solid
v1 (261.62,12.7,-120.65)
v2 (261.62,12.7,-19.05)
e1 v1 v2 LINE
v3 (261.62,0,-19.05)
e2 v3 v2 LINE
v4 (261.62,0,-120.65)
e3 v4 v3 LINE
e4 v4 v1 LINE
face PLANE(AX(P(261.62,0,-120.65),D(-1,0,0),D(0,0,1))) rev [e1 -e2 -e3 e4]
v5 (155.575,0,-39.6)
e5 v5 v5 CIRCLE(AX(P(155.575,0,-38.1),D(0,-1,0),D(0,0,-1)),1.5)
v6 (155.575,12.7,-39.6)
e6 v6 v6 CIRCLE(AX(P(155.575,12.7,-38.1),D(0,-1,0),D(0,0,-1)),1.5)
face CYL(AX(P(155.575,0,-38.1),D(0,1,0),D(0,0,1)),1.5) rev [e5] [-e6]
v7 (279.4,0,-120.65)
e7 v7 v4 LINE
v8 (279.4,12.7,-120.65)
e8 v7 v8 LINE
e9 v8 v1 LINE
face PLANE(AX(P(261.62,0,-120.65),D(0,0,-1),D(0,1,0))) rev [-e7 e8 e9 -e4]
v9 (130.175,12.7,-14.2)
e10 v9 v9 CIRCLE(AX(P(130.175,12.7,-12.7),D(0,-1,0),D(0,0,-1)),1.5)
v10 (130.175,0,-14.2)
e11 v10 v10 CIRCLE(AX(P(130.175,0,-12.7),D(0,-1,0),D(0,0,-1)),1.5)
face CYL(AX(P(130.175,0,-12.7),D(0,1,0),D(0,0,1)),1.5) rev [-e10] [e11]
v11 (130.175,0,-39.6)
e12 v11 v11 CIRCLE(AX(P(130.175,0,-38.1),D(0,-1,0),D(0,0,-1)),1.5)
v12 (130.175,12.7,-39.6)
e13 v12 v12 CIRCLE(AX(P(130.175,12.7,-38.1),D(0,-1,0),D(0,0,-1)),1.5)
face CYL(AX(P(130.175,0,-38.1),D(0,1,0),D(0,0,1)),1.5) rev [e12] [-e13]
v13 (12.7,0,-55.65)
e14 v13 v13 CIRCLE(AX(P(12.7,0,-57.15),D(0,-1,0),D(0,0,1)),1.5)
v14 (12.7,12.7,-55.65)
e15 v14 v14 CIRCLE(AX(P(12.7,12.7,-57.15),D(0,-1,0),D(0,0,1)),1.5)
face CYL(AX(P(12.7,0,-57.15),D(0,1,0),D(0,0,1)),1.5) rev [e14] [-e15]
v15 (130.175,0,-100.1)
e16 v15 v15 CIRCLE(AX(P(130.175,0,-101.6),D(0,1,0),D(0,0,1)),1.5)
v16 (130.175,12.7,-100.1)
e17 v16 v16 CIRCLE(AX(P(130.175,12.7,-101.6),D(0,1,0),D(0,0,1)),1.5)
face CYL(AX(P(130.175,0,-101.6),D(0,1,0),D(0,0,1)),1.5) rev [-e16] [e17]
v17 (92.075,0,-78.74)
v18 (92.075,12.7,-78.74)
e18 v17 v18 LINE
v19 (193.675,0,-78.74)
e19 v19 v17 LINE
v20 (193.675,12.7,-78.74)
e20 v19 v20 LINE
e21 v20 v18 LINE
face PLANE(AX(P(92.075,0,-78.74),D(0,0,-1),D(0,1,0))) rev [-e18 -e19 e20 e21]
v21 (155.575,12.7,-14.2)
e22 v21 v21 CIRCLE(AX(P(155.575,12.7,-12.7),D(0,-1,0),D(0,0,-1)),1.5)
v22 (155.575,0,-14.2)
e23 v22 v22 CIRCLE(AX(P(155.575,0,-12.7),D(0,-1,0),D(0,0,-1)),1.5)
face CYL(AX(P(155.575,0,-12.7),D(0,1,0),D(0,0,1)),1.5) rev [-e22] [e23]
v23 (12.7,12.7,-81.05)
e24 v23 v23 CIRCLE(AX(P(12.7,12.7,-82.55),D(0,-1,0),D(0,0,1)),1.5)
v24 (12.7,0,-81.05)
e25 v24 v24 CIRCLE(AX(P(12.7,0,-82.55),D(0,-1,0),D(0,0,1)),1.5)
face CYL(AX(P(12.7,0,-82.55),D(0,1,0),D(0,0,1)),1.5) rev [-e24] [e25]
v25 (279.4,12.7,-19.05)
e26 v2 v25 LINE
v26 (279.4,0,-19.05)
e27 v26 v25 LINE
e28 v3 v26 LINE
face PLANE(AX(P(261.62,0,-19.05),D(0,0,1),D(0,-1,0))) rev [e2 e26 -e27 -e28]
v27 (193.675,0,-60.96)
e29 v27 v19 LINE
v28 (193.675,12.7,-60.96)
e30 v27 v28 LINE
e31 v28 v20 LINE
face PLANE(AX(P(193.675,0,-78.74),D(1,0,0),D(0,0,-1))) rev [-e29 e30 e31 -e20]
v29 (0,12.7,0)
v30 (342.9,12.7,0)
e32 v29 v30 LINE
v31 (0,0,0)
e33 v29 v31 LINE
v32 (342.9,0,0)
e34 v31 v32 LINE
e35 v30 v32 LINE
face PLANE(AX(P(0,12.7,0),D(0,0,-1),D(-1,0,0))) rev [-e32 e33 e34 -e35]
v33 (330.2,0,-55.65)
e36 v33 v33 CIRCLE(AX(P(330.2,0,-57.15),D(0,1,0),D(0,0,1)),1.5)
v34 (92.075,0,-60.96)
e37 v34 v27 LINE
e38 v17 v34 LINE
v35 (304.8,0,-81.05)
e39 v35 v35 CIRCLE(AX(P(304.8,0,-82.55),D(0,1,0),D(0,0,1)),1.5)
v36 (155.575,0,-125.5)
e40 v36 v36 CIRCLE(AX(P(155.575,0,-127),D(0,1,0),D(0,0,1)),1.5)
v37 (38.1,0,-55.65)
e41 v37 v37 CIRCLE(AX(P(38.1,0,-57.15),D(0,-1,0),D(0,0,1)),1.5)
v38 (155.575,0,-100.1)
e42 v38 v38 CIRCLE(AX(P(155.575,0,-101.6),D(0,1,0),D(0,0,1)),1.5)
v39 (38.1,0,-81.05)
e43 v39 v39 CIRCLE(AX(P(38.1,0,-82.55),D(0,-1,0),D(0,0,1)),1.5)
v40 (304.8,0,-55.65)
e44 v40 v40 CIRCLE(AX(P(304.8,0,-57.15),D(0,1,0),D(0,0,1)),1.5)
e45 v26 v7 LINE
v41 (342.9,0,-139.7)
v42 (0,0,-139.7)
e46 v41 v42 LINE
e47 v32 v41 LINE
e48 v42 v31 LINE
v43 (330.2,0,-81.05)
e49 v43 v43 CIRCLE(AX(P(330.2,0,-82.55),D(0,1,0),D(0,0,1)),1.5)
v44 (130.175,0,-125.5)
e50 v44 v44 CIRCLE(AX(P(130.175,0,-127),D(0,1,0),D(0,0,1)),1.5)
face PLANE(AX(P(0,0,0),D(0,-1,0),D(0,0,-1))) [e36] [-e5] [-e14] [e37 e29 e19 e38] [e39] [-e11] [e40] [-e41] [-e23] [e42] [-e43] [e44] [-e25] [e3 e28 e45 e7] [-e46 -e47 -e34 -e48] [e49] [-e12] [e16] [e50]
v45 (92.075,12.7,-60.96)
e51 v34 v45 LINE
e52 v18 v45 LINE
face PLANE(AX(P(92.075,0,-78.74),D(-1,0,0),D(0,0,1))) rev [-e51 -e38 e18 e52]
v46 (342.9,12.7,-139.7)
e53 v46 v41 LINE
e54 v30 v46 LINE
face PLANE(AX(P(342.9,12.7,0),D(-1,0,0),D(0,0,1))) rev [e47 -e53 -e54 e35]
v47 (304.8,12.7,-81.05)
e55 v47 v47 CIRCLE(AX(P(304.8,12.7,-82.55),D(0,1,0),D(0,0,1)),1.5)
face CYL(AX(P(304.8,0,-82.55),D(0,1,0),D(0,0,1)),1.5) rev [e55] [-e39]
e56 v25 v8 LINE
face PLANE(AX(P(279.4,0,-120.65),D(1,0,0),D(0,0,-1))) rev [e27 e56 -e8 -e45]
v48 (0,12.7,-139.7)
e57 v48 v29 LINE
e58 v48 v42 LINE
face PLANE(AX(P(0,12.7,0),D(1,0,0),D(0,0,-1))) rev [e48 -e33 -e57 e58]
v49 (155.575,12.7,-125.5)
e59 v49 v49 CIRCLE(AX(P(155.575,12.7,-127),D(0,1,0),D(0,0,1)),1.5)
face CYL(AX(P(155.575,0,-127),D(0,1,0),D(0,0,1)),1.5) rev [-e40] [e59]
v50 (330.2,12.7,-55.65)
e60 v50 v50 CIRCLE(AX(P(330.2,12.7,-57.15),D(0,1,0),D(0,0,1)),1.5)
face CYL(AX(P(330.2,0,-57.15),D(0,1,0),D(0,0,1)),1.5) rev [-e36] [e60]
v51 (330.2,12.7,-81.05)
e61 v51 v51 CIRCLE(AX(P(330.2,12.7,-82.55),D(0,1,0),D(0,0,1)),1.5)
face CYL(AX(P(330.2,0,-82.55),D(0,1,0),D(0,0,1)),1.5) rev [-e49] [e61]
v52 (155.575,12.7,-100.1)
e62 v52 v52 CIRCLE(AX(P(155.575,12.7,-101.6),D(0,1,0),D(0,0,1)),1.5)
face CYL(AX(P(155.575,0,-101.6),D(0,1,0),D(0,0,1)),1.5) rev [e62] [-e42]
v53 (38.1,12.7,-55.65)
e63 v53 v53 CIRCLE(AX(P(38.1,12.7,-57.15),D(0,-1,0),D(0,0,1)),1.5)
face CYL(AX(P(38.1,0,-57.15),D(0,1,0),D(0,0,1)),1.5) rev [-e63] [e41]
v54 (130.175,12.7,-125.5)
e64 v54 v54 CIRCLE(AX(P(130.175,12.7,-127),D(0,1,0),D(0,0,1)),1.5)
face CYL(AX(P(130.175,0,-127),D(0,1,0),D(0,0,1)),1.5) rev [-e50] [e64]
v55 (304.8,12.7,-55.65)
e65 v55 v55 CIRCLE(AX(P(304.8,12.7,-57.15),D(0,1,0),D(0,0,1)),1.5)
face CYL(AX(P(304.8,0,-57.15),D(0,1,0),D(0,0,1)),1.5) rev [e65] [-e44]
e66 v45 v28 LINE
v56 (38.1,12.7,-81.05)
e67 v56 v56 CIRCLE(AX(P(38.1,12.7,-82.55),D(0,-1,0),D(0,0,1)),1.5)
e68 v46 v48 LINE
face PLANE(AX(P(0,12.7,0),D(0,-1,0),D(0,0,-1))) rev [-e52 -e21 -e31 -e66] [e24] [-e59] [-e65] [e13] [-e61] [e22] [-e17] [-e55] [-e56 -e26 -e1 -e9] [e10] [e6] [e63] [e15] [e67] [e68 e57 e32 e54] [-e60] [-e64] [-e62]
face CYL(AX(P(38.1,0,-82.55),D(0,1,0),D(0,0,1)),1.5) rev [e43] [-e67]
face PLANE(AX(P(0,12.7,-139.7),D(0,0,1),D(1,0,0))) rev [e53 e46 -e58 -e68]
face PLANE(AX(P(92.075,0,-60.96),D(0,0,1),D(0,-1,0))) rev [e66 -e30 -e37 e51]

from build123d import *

# Parameters (mm, degrees)
SKETCH1_W           = 342.9
SKETCH1_H           = 139.7
BOSS_EXTRUDE1_DEPTH = 12.7
SKETCH3_R           = 1.5
SKETCH3_R_2         = 1.500000048
CUT_EXTRUDE1_DEPTH  = 13.7
SKETCH4_W           = 17.78
SKETCH4_H           = 101.6
SKETCH4_W_2         = 101.6
SKETCH4_H_2         = 17.78
CUT_EXTRUDE2_DEPTH  = 13.7
SKETCH5_R           = 1.5
CUT_EXTRUDE3_DEPTH  = 13.7


with BuildPart() as part:
    # Sketch1 → Boss-Extrude1 (new body)
    with BuildSketch(Plane(origin=(0, 0, 0), x_dir=(1, 0, 0), z_dir=(0, 1, 0))):
        with Locations((171.45, 69.85)):
            Rectangle(SKETCH1_W, SKETCH1_H)
    extrude(amount=BOSS_EXTRUDE1_DEPTH)

    # Sketch3 → Cut-Extrude1 (cut, through all)
    with BuildSketch(Plane(origin=(0, 12.7, 0), x_dir=(1, 0, 0), z_dir=(0, 1, 0))):
        with Locations((330.2, 82.55)):
            Circle(SKETCH3_R)
        with Locations((330.2, 57.15)):
            Circle(SKETCH3_R_2)
        with Locations((304.8, 57.15)):
            Circle(SKETCH3_R)
        with Locations((304.8, 82.55)):
            Circle(SKETCH3_R_2)
    cut_extrude1 = extrude(amount=-CUT_EXTRUDE1_DEPTH, mode=Mode.SUBTRACT)

    # Mirror1: Cut-Extrude1 across plane
    add(cut_extrude1.mirror(Plane.ZY.offset(-171.45)), mode=Mode.SUBTRACT)

    # Sketch4 → Cut-Extrude2 (cut, through all)
    with BuildSketch(Plane(origin=(0, 12.7, 0), x_dir=(1, 0, 0), z_dir=(0, 1, 0))):
        with Locations((270.51, 69.85)):
            Rectangle(SKETCH4_W, SKETCH4_H)
        with Locations((142.875, 69.85)):
            Rectangle(SKETCH4_W_2, SKETCH4_H_2)
    extrude(amount=-CUT_EXTRUDE2_DEPTH, mode=Mode.SUBTRACT)

    # Sketch5 → Cut-Extrude3 (cut, through all)
    with BuildSketch(Plane(origin=(0, 12.7, 0), x_dir=(1, 0, 0), z_dir=(0, 1, 0))):
        with Locations((130.175, 127)):
            Circle(SKETCH5_R)
        with Locations((155.575, 127)):
            Circle(SKETCH5_R)
        with Locations((155.575, 101.6)):
            Circle(SKETCH5_R)
        with Locations((130.175, 101.6)):
            Circle(SKETCH5_R)
    cut_extrude3 = extrude(amount=-CUT_EXTRUDE3_DEPTH, mode=Mode.SUBTRACT)

    # Mirror3: Cut-Extrude3 across plane
    add(cut_extrude3.mirror(Plane(origin=(0, 0, -69.85), x_dir=(1, 0, 0), z_dir=(0, 0, -1))), mode=Mode.SUBTRACT)


solid = part.part
